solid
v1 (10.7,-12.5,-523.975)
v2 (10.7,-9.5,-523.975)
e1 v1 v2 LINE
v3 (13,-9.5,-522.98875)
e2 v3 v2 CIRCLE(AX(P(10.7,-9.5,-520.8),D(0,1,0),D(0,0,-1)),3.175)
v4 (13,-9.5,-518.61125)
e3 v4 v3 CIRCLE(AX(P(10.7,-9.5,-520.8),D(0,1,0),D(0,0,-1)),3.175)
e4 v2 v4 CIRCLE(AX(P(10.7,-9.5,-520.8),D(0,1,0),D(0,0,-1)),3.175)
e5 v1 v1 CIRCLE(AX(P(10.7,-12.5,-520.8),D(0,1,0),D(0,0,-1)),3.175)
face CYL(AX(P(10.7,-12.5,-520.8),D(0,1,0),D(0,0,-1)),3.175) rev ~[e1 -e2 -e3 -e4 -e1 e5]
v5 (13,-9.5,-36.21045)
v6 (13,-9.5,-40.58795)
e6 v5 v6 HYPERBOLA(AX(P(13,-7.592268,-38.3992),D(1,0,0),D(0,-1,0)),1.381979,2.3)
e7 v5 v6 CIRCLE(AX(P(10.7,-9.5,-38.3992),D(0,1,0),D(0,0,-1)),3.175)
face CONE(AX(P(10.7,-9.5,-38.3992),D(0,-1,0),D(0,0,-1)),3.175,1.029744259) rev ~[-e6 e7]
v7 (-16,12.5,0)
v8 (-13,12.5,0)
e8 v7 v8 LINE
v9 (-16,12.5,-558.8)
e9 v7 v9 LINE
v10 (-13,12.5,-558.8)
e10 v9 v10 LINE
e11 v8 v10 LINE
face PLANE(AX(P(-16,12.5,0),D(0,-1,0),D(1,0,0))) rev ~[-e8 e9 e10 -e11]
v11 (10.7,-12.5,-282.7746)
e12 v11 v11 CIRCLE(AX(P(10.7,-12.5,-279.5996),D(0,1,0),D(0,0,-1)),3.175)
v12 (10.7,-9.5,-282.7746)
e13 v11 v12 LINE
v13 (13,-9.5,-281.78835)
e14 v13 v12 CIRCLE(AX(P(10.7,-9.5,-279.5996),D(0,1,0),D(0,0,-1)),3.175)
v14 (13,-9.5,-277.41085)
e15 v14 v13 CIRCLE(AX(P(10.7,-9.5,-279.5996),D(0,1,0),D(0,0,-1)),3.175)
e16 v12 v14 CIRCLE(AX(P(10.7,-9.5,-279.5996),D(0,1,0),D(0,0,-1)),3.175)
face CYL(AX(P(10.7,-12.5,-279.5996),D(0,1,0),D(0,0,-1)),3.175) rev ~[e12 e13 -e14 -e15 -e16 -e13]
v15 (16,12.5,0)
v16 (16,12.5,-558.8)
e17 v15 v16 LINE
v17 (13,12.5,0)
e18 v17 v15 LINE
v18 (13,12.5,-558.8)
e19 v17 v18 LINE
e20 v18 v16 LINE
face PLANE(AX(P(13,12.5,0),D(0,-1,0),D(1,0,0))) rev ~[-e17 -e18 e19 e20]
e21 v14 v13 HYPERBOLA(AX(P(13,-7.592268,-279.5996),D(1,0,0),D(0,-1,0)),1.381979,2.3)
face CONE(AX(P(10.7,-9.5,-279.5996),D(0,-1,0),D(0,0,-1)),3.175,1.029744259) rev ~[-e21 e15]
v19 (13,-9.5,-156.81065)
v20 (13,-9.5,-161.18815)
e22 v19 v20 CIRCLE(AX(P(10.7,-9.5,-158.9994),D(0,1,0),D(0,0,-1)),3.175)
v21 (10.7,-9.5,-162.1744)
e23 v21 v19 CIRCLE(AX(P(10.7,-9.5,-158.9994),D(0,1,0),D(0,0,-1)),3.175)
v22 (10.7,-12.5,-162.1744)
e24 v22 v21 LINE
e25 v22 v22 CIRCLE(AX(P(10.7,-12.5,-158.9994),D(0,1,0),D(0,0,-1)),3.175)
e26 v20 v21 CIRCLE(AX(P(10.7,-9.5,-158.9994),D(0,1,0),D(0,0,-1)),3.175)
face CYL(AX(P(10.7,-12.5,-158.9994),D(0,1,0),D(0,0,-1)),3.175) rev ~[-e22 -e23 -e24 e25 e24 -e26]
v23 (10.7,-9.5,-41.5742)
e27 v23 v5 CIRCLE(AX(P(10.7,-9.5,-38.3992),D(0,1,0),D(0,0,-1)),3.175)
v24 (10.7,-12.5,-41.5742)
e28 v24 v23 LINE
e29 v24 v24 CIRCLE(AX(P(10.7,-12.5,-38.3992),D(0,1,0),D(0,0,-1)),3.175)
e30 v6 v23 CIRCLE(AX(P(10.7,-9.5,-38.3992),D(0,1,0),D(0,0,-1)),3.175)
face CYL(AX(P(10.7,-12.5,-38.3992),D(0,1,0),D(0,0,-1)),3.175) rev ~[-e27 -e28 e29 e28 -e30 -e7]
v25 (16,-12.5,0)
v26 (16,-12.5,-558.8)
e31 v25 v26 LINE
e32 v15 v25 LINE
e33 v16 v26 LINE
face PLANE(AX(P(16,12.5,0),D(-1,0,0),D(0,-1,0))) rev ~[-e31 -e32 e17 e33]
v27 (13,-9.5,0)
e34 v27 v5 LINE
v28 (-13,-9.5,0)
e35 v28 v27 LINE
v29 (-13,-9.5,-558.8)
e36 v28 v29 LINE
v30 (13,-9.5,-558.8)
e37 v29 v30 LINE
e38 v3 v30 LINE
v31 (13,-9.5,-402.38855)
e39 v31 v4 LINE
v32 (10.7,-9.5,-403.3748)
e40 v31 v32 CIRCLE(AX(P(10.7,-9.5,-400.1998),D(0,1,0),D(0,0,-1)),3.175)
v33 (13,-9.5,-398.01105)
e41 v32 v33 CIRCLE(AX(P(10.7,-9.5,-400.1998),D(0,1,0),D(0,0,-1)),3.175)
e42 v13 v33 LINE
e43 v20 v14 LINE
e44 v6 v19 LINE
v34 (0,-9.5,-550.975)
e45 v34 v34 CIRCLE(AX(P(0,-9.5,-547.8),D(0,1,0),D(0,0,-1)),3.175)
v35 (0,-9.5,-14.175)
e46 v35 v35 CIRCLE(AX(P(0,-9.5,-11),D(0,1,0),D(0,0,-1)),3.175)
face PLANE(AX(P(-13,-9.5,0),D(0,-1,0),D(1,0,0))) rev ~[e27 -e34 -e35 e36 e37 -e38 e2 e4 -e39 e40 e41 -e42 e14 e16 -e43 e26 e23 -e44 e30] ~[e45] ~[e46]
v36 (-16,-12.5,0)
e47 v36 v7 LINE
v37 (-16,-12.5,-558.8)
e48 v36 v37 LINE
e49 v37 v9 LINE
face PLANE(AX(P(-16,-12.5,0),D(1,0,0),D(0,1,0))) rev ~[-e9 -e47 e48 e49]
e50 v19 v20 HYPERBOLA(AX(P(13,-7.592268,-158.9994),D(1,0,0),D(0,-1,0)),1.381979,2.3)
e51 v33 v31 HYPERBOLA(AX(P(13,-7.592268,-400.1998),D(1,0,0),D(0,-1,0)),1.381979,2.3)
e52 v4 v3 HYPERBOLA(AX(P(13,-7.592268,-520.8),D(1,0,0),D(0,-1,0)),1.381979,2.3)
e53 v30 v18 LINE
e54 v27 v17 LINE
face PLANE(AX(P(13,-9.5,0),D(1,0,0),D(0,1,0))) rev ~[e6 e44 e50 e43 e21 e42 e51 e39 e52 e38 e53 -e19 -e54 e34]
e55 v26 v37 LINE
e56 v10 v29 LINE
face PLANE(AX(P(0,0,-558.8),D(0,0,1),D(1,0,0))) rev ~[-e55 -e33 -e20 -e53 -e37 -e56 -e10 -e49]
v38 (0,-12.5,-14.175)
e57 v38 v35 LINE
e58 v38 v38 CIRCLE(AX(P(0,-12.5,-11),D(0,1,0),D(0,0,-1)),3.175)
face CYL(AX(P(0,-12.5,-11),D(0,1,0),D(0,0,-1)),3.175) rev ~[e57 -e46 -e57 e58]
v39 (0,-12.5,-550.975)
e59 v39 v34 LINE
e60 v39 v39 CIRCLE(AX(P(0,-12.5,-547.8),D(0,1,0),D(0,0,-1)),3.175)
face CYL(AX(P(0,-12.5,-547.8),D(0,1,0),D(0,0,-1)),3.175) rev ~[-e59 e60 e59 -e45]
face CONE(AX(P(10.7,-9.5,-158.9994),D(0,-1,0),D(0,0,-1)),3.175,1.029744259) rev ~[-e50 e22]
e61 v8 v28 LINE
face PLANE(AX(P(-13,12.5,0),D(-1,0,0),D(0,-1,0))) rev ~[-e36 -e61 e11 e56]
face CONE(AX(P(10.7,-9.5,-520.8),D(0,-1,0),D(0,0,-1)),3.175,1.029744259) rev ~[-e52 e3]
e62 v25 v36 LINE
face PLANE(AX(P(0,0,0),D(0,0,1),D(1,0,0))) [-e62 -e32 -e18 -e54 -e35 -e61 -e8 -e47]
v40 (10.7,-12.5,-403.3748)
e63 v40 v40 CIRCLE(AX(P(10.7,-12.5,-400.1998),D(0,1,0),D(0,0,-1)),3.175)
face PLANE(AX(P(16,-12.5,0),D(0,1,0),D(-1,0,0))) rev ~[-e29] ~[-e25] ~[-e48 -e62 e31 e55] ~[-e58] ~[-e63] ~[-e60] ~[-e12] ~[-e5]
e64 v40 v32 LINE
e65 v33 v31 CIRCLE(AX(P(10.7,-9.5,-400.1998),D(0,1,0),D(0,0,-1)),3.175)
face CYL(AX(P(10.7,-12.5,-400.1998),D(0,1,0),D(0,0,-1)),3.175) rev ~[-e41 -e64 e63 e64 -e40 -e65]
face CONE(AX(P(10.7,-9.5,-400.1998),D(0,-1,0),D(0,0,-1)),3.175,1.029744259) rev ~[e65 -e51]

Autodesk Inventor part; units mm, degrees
ref_plane "YZ Plane" through (0, 0, 0) normal (1, 0, 0) x (0, 1, 0)
ref_plane "XZ Plane" through (0, 0, 0) normal (0, 1, 0) x (-1, 0, 0)
ref_plane "XY Plane" through (0, 0, 0) normal (0, 0, 1) x (1, 0, 0)
sketch "Sketch1" plane through (0, 0, 0) normal (0, 0, 1) x (1, 0, 0)
  line L0 (-16, 12.5) -> (-13, 12.5)
  line L1 (-13, 12.5) -> (-13, -9.5)
  line L2 (-13, -9.5) -> (13, -9.5)
  line L3 (13, -9.5) -> (13, 12.5)
  line L4 (13, 12.5) -> (16, 12.5)
  line L5 (16, 12.5) -> (16, -12.5)
  line L6 (16, -12.5) -> (-16, -12.5)
  line L7 (-16, -12.5) -> (-16, 12.5)
  point P0 (0, 0)
  dimension "d0" = 3
  dimension "d2" = 3
  dimension "d3" = 25
  dimension "d4" = 32
  dimension "d5" = 16
  dimension "d7" = 12.5
  dimension "d8" = 3
  dimension "d95" = 25
extrude "Extrusion1" add sketch "Sketch1" against normal blind 558.8
sketch "Sketch7" plane through (-16, -12.5, 0) normal (0, -1, 0) x (1, 0, 0)
  line L0 (32, 0) -> (0, 0) projected
  line L1 (32, -558.8) -> (0, -558.8) projected
  line L2 (32, 0) -> (32, -558.8) projected
  circle A0 centre (16, -11) radius 3.175
  circle A1 centre (16, -547.8) radius 3.175
  point P0 (16, 0)
  dimension "d103" = 6.35
  dimension "d104" = 11
  dimension "d105" = 16
  dimension "d106" = 6.35
  dimension "d108" = 16
  dimension "d109" = 11
hole "Hole3" at (0, -12.5, -547.8) at (0, -12.5, -11) direction (0, 1, 0) diameter 6.35 end through all
sketch "Sketch8" plane through (-16, -12.5, 0) normal (0, -1, 0) x (1, 0, 0)
  line L0 (26.7, -35.2242) -> (48.3, -35.2242) construction
  arc A0 (26.7, -276.4246) -> (26.7, -282.7746) centre (26.7, -279.5996) ccw construction
  line L1 (26.7, -276.4246) -> (48.3, -276.4246) construction
  arc A1 (48.3, -282.7746) -> (48.3, -276.4246) centre (48.3, -279.5996) ccw construction
  line L2 (48.3, -282.7746) -> (26.7, -282.7746) construction
  arc A2 (26.7, -155.8244) -> (26.7, -162.1744) centre (26.7, -158.9994) ccw construction
  line L3 (26.7, -155.8244) -> (48.3, -155.8244) construction
  arc A3 (48.3, -162.1744) -> (48.3, -155.8244) centre (48.3, -158.9994) ccw construction
  line L4 (48.3, -162.1744) -> (26.7, -162.1744) construction
  arc A4 (48.3, -523.975) -> (48.3, -517.625) centre (48.3, -520.8) ccw construction
  line L5 (48.3, -523.975) -> (26.7, -523.975) construction
  arc A5 (26.7, -517.625) -> (26.7, -523.975) centre (26.7, -520.8) ccw construction
  line L6 (26.7, -517.625) -> (48.3, -517.625) construction
  arc A6 (26.7, -397.0248) -> (26.7, -403.3748) centre (26.7, -400.1998) ccw construction
  line L7 (26.7, -397.0248) -> (48.3, -397.0248) construction
  arc A7 (48.3, -403.3748) -> (48.3, -397.0248) centre (48.3, -400.1998) ccw construction
  line L8 (48.3, -403.3748) -> (26.7, -403.3748) construction
  arc A8 (48.3, -41.5742) -> (48.3, -35.2242) centre (48.3, -38.3992) ccw construction
  line L9 (48.3, -41.5742) -> (26.7, -41.5742) construction
  arc A9 (26.7, -35.2242) -> (26.7, -41.5742) centre (26.7, -38.3992) ccw construction
  line L10 (26.7, -35.2242) -> (48.3, -35.2242) construction
  line L11 (61, -22.3992) -> (14, -22.3992) construction
  line L12 (14, -22.3992) -> (14, -536.8) construction
  line L13 (61, -536.8) -> (14, -536.8) construction
  line L14 (61, -22.3992) -> (61, -536.8) construction
  circle A10 centre (26.7, -38.3992) radius 3.175
  circle A11 centre (26.7, -158.9994) radius 3.175
  circle A12 centre (26.7, -279.5996) radius 3.175
  circle A13 centre (26.7, -400.1998) radius 3.175
  circle A14 centre (26.7, -520.8) radius 3.175
  point P0 (16, 0)
hole "Hole4" at (10.7, -12.5, -38.3992) at (10.7, -12.5, -158.9994) at (10.7, -12.5, -279.5996) at (10.7, -12.5, -400.1998) at (10.7, -12.5, -520.8) direction (0, 1, 0) diameter 6.35 depth 3 tip angle 118
equation "\"d2\" = d0"
equation "\"d5\" = 0.5 * d4"
equation "\"d7\" = 0.5 * d3"
equation "\"d8\" = d0"
equation "\"d95\" = d3"
properties part number "26in C-Channel Left" material "Aluminum 6061"
